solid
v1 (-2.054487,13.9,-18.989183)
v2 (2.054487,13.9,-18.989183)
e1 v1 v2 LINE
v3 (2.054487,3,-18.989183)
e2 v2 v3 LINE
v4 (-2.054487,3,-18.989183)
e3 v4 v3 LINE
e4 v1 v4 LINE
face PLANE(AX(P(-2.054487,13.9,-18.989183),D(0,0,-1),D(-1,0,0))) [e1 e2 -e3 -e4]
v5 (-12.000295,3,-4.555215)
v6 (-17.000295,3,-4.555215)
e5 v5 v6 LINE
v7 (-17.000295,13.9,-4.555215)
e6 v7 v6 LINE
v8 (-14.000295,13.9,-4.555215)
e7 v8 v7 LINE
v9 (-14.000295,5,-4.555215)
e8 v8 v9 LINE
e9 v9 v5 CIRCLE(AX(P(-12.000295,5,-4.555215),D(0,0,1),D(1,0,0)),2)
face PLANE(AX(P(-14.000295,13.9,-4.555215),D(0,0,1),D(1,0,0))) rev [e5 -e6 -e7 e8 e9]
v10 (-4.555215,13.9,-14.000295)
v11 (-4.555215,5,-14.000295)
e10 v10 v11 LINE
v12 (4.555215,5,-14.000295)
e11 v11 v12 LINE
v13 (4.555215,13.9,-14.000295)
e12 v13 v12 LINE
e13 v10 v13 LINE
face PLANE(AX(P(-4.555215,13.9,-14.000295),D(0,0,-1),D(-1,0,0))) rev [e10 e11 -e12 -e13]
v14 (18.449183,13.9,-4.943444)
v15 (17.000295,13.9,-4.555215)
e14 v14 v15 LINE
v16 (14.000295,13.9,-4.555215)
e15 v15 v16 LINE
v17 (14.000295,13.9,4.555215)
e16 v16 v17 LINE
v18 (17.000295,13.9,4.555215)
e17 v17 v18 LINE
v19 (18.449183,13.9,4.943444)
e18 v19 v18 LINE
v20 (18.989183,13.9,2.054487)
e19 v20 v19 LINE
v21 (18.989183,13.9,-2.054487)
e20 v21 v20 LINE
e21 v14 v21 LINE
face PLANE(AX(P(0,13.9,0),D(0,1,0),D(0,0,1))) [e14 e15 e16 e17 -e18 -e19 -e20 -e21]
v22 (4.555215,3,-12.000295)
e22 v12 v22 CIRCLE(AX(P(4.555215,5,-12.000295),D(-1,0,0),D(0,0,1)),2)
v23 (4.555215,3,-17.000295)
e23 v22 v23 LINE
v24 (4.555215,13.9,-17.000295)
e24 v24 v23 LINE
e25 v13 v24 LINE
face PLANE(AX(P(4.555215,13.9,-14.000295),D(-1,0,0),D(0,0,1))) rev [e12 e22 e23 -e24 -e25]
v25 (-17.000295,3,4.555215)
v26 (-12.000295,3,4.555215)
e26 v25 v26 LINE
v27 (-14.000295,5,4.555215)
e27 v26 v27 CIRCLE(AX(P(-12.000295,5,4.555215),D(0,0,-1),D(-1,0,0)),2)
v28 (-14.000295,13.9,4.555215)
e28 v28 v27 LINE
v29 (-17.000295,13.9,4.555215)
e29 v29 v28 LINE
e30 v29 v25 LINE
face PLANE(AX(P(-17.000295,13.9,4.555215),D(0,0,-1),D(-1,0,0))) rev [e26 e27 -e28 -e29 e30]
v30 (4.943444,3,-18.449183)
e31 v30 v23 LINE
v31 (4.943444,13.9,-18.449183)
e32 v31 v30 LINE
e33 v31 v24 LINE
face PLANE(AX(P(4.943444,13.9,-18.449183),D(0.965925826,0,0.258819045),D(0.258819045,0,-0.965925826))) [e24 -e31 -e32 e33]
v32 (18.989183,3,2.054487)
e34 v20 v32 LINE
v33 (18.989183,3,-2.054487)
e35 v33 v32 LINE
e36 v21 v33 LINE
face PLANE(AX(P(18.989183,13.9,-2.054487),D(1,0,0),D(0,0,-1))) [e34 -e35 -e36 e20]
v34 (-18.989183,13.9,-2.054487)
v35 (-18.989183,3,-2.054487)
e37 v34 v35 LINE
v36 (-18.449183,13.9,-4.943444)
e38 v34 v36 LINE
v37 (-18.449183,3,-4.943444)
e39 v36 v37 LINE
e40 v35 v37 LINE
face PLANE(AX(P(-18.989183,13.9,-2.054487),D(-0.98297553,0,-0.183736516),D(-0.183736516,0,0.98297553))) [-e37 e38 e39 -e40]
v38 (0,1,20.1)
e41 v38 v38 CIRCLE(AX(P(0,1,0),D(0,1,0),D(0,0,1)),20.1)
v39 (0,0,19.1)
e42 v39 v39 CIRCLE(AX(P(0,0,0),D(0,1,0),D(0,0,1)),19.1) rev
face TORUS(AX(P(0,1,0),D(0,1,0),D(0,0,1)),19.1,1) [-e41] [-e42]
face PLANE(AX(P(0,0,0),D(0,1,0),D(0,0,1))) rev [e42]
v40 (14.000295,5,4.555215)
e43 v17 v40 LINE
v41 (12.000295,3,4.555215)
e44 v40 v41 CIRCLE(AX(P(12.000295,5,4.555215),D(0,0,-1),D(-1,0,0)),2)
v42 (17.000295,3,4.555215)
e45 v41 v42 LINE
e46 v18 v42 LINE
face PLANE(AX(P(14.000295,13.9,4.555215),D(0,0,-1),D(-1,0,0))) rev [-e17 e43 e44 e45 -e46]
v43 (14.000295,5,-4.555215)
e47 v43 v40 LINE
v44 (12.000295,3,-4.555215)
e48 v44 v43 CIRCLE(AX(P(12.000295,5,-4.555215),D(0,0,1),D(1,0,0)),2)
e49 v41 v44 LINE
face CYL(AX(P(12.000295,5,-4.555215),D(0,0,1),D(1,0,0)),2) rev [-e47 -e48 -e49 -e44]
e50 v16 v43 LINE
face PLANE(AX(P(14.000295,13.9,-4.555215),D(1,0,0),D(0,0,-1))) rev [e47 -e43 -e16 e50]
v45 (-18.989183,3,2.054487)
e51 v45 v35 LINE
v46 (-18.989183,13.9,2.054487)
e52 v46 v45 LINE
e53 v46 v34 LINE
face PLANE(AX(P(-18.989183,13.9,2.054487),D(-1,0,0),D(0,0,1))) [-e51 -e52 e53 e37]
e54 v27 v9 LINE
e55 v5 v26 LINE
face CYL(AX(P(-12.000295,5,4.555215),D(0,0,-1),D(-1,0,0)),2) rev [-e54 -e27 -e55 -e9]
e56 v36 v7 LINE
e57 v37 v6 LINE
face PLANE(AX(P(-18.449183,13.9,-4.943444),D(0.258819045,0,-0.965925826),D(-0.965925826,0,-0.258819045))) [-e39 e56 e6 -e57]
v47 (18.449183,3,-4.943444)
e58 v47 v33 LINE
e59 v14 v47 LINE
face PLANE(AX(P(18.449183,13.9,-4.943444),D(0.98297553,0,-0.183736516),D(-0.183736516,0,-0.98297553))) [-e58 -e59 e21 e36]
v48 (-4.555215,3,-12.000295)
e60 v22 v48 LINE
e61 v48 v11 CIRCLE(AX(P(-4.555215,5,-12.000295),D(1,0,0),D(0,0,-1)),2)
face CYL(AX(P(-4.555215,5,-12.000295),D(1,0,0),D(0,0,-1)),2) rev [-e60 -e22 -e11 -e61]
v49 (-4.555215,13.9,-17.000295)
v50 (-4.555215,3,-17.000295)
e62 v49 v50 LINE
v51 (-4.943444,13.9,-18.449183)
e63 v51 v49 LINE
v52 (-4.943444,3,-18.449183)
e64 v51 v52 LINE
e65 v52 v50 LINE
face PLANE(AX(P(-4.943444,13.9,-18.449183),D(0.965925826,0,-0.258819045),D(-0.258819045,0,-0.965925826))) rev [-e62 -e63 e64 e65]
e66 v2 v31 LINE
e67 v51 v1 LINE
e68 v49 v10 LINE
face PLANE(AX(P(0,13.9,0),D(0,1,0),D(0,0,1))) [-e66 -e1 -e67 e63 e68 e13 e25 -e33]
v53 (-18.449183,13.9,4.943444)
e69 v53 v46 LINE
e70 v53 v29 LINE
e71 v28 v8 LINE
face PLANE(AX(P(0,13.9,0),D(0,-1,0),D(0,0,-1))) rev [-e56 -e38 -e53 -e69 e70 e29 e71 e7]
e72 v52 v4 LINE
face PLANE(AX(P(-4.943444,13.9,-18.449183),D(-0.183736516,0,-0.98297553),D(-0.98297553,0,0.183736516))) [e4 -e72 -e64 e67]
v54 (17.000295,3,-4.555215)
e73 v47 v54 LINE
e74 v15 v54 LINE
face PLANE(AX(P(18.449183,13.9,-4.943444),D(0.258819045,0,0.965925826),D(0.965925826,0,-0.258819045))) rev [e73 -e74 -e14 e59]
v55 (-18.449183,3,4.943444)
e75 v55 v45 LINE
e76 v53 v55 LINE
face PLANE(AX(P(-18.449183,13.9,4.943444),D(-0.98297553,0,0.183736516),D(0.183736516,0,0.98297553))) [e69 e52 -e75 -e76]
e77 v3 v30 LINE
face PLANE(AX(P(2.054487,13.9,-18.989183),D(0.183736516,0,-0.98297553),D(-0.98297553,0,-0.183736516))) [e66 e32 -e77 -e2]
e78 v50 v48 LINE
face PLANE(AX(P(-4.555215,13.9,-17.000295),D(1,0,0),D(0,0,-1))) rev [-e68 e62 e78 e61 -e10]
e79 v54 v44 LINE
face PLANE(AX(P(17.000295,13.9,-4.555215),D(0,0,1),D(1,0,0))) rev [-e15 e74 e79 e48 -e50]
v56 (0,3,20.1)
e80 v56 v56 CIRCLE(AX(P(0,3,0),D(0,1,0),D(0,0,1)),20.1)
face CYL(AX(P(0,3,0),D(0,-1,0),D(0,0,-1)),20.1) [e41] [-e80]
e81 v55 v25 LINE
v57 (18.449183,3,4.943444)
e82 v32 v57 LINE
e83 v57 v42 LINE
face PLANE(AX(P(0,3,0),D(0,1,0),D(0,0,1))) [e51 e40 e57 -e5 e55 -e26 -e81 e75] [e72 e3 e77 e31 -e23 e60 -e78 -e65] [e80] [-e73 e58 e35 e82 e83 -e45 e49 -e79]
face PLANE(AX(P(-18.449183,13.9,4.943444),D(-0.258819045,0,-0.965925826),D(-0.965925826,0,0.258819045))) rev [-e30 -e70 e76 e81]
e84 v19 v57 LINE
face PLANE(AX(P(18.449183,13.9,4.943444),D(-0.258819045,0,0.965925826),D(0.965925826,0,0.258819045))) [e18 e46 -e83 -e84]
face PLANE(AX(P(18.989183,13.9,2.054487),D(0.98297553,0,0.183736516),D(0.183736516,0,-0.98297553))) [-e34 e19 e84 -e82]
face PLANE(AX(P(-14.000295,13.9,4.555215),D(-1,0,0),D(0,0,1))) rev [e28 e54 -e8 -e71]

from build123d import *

# Parameters (mm, degrees)
SKETCH2_R           = 20.1
BOSS_EXTRUDE2_DEPTH = 3
BOSS_EXTRUDE4_DEPTH = 10.9
FILLET1_R           = 2
FILLET2_R           = 1


with BuildPart() as part:
    # Sketch2 → Boss-Extrude2 (new body)
    with BuildSketch(Plane(origin=(0, 0, 0), x_dir=(1, 0, 0), z_dir=(0, 1, 0))):
        with Locations(Location((0, 0, 0), (0, 0, 270))):
            Circle(SKETCH2_R)
    extrude(amount=BOSS_EXTRUDE2_DEPTH)

    # Sketch3 → Boss-Extrude4 (add)
    with BuildSketch(Plane(origin=(0, 3, 0), x_dir=(1, 0, 0), z_dir=(0, 1, 0))):
        Polygon((-4.943443761, 18.449183282), (-4.555215194, 17.000294543), (-4.555215194, 14.000294543), (4.555215194, 14.000294543), (4.555215194, 17.000294543), (4.943443761, 18.449183282), (2.054487352, 18.989183282), (-2.054487352, 18.989183282), align=None)
        Polygon((17.000294543, 4.555215194), (14.000294543, 4.555215194), (14.000294543, -4.555215194), (17.000294543, -4.555215194), (18.449183282, -4.943443761), (18.989183282, -2.054487352), (18.989183282, 2.054487352), (18.449183282, 4.943443761), align=None)
        Polygon((-17.000294543, -4.555215194), (-14.000294543, -4.555215194), (-14.000294543, 4.555215194), (-17.000294543, 4.555215194), (-18.449183282, 4.943443761), (-18.989183282, 2.054487352), (-18.989183282, -2.054487352), (-18.449183282, -4.943443761), align=None)
    extrude(amount=BOSS_EXTRUDE4_DEPTH)

    # Fillet1
    fillet1_edges = [part.edges().sort_by_distance(p)[0] for p in [
        (-14.000294543, 3, 0),
        (14.000294543, 3, 0),
        (0, 3, -14.000294543),
    ]]
    fillet(fillet1_edges, radius=FILLET1_R)

    # Fillet2
    fillet2_edges = [part.edges().sort_by_distance(p)[0] for p in [
        (0, 0, -20.1),
    ]]
    fillet(fillet2_edges, radius=FILLET2_R)


solid = part.part
